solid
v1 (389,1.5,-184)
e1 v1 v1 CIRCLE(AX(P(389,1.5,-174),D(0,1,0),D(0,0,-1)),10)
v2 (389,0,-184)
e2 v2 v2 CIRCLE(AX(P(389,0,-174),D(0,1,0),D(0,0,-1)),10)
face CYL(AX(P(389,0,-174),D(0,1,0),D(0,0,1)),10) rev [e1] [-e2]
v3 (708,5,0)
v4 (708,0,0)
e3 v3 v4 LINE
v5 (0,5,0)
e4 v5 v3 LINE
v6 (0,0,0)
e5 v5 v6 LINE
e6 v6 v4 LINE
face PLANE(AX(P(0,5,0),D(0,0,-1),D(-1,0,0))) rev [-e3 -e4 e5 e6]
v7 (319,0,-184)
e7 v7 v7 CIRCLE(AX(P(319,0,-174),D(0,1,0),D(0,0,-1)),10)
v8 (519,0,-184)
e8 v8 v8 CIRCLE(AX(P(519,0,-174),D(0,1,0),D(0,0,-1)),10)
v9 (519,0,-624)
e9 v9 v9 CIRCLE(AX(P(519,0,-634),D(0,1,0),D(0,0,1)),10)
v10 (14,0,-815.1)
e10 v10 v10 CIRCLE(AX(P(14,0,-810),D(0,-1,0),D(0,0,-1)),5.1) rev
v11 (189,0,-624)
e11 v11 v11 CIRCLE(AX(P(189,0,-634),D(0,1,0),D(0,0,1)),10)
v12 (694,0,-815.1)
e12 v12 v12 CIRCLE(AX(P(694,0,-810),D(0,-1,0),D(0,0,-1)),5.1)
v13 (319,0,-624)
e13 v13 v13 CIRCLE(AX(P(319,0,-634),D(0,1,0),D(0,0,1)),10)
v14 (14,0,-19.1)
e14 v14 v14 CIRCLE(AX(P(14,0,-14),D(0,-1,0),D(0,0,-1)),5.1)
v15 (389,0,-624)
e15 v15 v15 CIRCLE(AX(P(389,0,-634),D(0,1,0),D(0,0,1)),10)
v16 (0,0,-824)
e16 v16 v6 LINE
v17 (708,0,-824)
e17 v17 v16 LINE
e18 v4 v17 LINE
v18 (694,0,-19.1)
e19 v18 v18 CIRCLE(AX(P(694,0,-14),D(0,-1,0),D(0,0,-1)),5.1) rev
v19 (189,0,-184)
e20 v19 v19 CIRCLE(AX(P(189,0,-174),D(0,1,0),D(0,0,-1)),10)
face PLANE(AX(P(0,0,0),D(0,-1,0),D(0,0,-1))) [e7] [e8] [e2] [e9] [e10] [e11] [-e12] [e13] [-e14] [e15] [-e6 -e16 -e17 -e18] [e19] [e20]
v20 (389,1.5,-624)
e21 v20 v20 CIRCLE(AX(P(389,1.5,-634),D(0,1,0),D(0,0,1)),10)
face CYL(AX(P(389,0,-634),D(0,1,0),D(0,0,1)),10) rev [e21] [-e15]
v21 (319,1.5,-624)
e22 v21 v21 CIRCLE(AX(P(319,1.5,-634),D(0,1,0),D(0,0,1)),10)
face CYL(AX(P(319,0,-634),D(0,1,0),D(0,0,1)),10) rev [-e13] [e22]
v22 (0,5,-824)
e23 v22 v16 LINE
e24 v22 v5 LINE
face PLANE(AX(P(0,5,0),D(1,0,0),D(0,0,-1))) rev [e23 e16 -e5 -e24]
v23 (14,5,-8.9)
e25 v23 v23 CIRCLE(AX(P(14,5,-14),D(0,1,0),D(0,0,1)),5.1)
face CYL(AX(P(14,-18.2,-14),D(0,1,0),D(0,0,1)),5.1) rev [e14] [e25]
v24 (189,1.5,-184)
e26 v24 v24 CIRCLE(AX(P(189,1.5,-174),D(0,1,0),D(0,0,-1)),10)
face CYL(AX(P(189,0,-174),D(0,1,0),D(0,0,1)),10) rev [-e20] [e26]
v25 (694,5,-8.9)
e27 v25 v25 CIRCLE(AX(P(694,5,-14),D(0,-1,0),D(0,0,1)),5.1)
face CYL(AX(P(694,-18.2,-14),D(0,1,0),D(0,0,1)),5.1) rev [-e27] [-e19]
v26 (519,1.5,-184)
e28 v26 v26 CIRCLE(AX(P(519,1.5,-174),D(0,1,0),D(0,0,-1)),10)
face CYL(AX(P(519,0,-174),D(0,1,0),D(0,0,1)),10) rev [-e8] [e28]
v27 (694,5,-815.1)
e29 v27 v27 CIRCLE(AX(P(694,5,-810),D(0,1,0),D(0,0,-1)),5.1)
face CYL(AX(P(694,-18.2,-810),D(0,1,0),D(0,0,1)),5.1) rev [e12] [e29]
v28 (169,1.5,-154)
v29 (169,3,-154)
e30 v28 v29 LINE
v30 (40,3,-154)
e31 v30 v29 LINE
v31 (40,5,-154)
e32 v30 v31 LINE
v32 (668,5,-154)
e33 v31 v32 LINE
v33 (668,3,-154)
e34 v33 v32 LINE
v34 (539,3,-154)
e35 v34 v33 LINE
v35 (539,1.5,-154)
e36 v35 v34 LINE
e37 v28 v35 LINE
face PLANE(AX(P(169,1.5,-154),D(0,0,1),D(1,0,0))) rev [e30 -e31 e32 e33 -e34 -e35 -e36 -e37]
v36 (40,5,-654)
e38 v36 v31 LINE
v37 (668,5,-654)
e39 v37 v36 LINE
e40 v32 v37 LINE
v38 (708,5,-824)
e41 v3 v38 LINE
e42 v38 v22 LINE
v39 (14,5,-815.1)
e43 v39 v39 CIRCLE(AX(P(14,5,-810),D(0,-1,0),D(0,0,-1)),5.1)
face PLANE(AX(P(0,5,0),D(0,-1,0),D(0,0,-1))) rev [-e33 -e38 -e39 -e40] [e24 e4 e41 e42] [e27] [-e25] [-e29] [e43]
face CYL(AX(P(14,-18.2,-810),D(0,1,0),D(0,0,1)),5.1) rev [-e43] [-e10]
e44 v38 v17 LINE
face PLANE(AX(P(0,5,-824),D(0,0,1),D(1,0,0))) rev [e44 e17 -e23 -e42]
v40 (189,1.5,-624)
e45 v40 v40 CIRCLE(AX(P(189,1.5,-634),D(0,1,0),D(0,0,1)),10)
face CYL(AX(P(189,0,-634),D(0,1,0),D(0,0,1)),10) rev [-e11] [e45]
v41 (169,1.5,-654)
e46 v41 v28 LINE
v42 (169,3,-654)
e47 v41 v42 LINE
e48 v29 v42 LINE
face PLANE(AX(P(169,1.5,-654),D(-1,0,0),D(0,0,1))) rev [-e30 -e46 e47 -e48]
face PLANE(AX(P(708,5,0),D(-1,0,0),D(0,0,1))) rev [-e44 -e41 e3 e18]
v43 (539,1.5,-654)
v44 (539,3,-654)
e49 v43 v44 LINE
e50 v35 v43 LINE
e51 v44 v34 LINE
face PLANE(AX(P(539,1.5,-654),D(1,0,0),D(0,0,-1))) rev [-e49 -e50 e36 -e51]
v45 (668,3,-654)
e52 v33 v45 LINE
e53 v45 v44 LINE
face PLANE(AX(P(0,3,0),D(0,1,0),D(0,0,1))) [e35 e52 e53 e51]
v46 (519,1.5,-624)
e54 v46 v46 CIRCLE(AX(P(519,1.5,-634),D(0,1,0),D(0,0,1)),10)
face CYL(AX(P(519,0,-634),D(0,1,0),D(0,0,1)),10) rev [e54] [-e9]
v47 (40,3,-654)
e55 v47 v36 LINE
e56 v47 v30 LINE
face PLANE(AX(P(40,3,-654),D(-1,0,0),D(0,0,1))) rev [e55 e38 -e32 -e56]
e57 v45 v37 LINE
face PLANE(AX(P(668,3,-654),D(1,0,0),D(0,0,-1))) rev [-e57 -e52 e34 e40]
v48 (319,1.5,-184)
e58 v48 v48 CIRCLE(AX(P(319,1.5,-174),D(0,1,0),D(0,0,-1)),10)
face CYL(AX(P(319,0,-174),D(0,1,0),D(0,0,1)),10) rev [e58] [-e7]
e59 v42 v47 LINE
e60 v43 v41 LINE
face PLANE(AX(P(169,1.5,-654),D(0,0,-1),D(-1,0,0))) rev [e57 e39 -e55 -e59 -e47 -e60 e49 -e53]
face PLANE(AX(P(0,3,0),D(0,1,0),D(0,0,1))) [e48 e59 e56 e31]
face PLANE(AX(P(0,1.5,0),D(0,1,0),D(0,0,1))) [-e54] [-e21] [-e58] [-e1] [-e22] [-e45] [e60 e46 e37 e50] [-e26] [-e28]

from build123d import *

# Parameters (mm, degrees)
SKETCH1_W                                  = 708
SKETCH1_H                                  = 824
BOSS_EXTRUDE1_DEPTH                        = 5
SKETCH2_W                                  = 370
SKETCH2_H                                  = 500
CUT_EXTRUDE1_DEPTH                         = 3.5
SKETCH3_W                                  = 628
SKETCH3_H                                  = 500
CUT_EXTRUDE2_DEPTH                         = 2
SKETCH11_R                                 = 5.1
CUT_EXTRUDE7_DEPTH                         = 23.2
MIRROR4_AT_THE_SECOND_PLANE_COPY_1_SKETC_R = 5.1
MIRROR4_AT_THE_SECOND_PLANE_COPY_1_DEPTH   = 23.2
SKETCH4_R                                  = 10
CUT_EXTRUDE8_DEPTH                         = 1087.394150389


with BuildPart() as part:
    # Sketch1 → Boss-Extrude1 (new body)
    with BuildSketch(Plane(origin=(0, 0, 0), x_dir=(1, 0, 0), z_dir=(0, 1, 0))):
        with Locations((354, 412)):
            Rectangle(SKETCH1_W, SKETCH1_H)
    extrude(amount=BOSS_EXTRUDE1_DEPTH)

    # Sketch2 → Cut-Extrude1 (cut)
    with BuildSketch(Plane(origin=(0, 5, 0), x_dir=(1, 0, 0), z_dir=(0, 1, 0))):
        with Locations((354, 404)):
            Rectangle(SKETCH2_W, SKETCH2_H)
    extrude(amount=-CUT_EXTRUDE1_DEPTH, mode=Mode.SUBTRACT)

    # Sketch3 → Cut-Extrude2 (cut)
    with BuildSketch(Plane(origin=(0, 5, 0), x_dir=(1, 0, 0), z_dir=(0, 1, 0))):
        with Locations((354, 404)):
            Rectangle(SKETCH3_W, SKETCH3_H)
    extrude(amount=-CUT_EXTRUDE2_DEPTH, mode=Mode.SUBTRACT)

    # Sketch11 → Cut-Extrude7 (cut)
    with BuildSketch(Plane(origin=(0, 5, 0), x_dir=(1, 0, 0), z_dir=(0, 1, 0))):
        with Locations(Location((14, 14, 0), (0, 0, 270))):
            Circle(SKETCH11_R)
    cut_extrude7 = extrude(amount=-CUT_EXTRUDE7_DEPTH, mode=Mode.SUBTRACT)

    # Mirror4: Cut-Extrude7 across plane
    add(cut_extrude7.mirror(Plane(origin=(354, 0, 0), x_dir=(0, 0, 1), z_dir=(1, 0, 0))), mode=Mode.SUBTRACT)

    # Mirror4 at the second plane: Cut-Extrude7 across plane
    add(cut_extrude7.mirror(Plane.XY.offset(-412)), mode=Mode.SUBTRACT)

    # Mirror4 at the second plane copy 1 sketc → Mirror4 at the second plane copy 1 (cut)
    with BuildSketch(Plane(origin=(708, 5, -824), x_dir=(-1, 0, 0), z_dir=(0, 1, 0))):
        with Locations(Location((14, 14, 0), (0, 0, 270))):
            Circle(MIRROR4_AT_THE_SECOND_PLANE_COPY_1_SKETC_R)
    extrude(amount=-MIRROR4_AT_THE_SECOND_PLANE_COPY_1_DEPTH, mode=Mode.SUBTRACT)

    # Sketch4 → Cut-Extrude8 (cut, through all)
    with BuildSketch(Plane(origin=(0, 1.5, 0), x_dir=(1, 0, 0), z_dir=(0, 1, 0))):
        with Locations(Location((189, 634, 0), (0, 0, 270))):
            Circle(SKETCH4_R)
        with Locations(Location((319, 634, 0), (0, 0, 270))):
            Circle(SKETCH4_R)
        with Locations(Location((389, 634, 0), (0, 0, 270))):
            Circle(SKETCH4_R)
        with Locations(Location((519, 634, 0), (0, 0, 270))):
            Circle(SKETCH4_R)
        with Locations(Location((519, 174, 0), (0, 0, 90))):
            Circle(SKETCH4_R)
        with Locations(Location((389, 174, 0), (0, 0, 90))):
            Circle(SKETCH4_R)
        with Locations(Location((319, 174, 0), (0, 0, 90))):
            Circle(SKETCH4_R)
        with Locations(Location((189, 174, 0), (0, 0, 90))):
            Circle(SKETCH4_R)
    extrude(amount=-CUT_EXTRUDE8_DEPTH, mode=Mode.SUBTRACT)


solid = part.part
